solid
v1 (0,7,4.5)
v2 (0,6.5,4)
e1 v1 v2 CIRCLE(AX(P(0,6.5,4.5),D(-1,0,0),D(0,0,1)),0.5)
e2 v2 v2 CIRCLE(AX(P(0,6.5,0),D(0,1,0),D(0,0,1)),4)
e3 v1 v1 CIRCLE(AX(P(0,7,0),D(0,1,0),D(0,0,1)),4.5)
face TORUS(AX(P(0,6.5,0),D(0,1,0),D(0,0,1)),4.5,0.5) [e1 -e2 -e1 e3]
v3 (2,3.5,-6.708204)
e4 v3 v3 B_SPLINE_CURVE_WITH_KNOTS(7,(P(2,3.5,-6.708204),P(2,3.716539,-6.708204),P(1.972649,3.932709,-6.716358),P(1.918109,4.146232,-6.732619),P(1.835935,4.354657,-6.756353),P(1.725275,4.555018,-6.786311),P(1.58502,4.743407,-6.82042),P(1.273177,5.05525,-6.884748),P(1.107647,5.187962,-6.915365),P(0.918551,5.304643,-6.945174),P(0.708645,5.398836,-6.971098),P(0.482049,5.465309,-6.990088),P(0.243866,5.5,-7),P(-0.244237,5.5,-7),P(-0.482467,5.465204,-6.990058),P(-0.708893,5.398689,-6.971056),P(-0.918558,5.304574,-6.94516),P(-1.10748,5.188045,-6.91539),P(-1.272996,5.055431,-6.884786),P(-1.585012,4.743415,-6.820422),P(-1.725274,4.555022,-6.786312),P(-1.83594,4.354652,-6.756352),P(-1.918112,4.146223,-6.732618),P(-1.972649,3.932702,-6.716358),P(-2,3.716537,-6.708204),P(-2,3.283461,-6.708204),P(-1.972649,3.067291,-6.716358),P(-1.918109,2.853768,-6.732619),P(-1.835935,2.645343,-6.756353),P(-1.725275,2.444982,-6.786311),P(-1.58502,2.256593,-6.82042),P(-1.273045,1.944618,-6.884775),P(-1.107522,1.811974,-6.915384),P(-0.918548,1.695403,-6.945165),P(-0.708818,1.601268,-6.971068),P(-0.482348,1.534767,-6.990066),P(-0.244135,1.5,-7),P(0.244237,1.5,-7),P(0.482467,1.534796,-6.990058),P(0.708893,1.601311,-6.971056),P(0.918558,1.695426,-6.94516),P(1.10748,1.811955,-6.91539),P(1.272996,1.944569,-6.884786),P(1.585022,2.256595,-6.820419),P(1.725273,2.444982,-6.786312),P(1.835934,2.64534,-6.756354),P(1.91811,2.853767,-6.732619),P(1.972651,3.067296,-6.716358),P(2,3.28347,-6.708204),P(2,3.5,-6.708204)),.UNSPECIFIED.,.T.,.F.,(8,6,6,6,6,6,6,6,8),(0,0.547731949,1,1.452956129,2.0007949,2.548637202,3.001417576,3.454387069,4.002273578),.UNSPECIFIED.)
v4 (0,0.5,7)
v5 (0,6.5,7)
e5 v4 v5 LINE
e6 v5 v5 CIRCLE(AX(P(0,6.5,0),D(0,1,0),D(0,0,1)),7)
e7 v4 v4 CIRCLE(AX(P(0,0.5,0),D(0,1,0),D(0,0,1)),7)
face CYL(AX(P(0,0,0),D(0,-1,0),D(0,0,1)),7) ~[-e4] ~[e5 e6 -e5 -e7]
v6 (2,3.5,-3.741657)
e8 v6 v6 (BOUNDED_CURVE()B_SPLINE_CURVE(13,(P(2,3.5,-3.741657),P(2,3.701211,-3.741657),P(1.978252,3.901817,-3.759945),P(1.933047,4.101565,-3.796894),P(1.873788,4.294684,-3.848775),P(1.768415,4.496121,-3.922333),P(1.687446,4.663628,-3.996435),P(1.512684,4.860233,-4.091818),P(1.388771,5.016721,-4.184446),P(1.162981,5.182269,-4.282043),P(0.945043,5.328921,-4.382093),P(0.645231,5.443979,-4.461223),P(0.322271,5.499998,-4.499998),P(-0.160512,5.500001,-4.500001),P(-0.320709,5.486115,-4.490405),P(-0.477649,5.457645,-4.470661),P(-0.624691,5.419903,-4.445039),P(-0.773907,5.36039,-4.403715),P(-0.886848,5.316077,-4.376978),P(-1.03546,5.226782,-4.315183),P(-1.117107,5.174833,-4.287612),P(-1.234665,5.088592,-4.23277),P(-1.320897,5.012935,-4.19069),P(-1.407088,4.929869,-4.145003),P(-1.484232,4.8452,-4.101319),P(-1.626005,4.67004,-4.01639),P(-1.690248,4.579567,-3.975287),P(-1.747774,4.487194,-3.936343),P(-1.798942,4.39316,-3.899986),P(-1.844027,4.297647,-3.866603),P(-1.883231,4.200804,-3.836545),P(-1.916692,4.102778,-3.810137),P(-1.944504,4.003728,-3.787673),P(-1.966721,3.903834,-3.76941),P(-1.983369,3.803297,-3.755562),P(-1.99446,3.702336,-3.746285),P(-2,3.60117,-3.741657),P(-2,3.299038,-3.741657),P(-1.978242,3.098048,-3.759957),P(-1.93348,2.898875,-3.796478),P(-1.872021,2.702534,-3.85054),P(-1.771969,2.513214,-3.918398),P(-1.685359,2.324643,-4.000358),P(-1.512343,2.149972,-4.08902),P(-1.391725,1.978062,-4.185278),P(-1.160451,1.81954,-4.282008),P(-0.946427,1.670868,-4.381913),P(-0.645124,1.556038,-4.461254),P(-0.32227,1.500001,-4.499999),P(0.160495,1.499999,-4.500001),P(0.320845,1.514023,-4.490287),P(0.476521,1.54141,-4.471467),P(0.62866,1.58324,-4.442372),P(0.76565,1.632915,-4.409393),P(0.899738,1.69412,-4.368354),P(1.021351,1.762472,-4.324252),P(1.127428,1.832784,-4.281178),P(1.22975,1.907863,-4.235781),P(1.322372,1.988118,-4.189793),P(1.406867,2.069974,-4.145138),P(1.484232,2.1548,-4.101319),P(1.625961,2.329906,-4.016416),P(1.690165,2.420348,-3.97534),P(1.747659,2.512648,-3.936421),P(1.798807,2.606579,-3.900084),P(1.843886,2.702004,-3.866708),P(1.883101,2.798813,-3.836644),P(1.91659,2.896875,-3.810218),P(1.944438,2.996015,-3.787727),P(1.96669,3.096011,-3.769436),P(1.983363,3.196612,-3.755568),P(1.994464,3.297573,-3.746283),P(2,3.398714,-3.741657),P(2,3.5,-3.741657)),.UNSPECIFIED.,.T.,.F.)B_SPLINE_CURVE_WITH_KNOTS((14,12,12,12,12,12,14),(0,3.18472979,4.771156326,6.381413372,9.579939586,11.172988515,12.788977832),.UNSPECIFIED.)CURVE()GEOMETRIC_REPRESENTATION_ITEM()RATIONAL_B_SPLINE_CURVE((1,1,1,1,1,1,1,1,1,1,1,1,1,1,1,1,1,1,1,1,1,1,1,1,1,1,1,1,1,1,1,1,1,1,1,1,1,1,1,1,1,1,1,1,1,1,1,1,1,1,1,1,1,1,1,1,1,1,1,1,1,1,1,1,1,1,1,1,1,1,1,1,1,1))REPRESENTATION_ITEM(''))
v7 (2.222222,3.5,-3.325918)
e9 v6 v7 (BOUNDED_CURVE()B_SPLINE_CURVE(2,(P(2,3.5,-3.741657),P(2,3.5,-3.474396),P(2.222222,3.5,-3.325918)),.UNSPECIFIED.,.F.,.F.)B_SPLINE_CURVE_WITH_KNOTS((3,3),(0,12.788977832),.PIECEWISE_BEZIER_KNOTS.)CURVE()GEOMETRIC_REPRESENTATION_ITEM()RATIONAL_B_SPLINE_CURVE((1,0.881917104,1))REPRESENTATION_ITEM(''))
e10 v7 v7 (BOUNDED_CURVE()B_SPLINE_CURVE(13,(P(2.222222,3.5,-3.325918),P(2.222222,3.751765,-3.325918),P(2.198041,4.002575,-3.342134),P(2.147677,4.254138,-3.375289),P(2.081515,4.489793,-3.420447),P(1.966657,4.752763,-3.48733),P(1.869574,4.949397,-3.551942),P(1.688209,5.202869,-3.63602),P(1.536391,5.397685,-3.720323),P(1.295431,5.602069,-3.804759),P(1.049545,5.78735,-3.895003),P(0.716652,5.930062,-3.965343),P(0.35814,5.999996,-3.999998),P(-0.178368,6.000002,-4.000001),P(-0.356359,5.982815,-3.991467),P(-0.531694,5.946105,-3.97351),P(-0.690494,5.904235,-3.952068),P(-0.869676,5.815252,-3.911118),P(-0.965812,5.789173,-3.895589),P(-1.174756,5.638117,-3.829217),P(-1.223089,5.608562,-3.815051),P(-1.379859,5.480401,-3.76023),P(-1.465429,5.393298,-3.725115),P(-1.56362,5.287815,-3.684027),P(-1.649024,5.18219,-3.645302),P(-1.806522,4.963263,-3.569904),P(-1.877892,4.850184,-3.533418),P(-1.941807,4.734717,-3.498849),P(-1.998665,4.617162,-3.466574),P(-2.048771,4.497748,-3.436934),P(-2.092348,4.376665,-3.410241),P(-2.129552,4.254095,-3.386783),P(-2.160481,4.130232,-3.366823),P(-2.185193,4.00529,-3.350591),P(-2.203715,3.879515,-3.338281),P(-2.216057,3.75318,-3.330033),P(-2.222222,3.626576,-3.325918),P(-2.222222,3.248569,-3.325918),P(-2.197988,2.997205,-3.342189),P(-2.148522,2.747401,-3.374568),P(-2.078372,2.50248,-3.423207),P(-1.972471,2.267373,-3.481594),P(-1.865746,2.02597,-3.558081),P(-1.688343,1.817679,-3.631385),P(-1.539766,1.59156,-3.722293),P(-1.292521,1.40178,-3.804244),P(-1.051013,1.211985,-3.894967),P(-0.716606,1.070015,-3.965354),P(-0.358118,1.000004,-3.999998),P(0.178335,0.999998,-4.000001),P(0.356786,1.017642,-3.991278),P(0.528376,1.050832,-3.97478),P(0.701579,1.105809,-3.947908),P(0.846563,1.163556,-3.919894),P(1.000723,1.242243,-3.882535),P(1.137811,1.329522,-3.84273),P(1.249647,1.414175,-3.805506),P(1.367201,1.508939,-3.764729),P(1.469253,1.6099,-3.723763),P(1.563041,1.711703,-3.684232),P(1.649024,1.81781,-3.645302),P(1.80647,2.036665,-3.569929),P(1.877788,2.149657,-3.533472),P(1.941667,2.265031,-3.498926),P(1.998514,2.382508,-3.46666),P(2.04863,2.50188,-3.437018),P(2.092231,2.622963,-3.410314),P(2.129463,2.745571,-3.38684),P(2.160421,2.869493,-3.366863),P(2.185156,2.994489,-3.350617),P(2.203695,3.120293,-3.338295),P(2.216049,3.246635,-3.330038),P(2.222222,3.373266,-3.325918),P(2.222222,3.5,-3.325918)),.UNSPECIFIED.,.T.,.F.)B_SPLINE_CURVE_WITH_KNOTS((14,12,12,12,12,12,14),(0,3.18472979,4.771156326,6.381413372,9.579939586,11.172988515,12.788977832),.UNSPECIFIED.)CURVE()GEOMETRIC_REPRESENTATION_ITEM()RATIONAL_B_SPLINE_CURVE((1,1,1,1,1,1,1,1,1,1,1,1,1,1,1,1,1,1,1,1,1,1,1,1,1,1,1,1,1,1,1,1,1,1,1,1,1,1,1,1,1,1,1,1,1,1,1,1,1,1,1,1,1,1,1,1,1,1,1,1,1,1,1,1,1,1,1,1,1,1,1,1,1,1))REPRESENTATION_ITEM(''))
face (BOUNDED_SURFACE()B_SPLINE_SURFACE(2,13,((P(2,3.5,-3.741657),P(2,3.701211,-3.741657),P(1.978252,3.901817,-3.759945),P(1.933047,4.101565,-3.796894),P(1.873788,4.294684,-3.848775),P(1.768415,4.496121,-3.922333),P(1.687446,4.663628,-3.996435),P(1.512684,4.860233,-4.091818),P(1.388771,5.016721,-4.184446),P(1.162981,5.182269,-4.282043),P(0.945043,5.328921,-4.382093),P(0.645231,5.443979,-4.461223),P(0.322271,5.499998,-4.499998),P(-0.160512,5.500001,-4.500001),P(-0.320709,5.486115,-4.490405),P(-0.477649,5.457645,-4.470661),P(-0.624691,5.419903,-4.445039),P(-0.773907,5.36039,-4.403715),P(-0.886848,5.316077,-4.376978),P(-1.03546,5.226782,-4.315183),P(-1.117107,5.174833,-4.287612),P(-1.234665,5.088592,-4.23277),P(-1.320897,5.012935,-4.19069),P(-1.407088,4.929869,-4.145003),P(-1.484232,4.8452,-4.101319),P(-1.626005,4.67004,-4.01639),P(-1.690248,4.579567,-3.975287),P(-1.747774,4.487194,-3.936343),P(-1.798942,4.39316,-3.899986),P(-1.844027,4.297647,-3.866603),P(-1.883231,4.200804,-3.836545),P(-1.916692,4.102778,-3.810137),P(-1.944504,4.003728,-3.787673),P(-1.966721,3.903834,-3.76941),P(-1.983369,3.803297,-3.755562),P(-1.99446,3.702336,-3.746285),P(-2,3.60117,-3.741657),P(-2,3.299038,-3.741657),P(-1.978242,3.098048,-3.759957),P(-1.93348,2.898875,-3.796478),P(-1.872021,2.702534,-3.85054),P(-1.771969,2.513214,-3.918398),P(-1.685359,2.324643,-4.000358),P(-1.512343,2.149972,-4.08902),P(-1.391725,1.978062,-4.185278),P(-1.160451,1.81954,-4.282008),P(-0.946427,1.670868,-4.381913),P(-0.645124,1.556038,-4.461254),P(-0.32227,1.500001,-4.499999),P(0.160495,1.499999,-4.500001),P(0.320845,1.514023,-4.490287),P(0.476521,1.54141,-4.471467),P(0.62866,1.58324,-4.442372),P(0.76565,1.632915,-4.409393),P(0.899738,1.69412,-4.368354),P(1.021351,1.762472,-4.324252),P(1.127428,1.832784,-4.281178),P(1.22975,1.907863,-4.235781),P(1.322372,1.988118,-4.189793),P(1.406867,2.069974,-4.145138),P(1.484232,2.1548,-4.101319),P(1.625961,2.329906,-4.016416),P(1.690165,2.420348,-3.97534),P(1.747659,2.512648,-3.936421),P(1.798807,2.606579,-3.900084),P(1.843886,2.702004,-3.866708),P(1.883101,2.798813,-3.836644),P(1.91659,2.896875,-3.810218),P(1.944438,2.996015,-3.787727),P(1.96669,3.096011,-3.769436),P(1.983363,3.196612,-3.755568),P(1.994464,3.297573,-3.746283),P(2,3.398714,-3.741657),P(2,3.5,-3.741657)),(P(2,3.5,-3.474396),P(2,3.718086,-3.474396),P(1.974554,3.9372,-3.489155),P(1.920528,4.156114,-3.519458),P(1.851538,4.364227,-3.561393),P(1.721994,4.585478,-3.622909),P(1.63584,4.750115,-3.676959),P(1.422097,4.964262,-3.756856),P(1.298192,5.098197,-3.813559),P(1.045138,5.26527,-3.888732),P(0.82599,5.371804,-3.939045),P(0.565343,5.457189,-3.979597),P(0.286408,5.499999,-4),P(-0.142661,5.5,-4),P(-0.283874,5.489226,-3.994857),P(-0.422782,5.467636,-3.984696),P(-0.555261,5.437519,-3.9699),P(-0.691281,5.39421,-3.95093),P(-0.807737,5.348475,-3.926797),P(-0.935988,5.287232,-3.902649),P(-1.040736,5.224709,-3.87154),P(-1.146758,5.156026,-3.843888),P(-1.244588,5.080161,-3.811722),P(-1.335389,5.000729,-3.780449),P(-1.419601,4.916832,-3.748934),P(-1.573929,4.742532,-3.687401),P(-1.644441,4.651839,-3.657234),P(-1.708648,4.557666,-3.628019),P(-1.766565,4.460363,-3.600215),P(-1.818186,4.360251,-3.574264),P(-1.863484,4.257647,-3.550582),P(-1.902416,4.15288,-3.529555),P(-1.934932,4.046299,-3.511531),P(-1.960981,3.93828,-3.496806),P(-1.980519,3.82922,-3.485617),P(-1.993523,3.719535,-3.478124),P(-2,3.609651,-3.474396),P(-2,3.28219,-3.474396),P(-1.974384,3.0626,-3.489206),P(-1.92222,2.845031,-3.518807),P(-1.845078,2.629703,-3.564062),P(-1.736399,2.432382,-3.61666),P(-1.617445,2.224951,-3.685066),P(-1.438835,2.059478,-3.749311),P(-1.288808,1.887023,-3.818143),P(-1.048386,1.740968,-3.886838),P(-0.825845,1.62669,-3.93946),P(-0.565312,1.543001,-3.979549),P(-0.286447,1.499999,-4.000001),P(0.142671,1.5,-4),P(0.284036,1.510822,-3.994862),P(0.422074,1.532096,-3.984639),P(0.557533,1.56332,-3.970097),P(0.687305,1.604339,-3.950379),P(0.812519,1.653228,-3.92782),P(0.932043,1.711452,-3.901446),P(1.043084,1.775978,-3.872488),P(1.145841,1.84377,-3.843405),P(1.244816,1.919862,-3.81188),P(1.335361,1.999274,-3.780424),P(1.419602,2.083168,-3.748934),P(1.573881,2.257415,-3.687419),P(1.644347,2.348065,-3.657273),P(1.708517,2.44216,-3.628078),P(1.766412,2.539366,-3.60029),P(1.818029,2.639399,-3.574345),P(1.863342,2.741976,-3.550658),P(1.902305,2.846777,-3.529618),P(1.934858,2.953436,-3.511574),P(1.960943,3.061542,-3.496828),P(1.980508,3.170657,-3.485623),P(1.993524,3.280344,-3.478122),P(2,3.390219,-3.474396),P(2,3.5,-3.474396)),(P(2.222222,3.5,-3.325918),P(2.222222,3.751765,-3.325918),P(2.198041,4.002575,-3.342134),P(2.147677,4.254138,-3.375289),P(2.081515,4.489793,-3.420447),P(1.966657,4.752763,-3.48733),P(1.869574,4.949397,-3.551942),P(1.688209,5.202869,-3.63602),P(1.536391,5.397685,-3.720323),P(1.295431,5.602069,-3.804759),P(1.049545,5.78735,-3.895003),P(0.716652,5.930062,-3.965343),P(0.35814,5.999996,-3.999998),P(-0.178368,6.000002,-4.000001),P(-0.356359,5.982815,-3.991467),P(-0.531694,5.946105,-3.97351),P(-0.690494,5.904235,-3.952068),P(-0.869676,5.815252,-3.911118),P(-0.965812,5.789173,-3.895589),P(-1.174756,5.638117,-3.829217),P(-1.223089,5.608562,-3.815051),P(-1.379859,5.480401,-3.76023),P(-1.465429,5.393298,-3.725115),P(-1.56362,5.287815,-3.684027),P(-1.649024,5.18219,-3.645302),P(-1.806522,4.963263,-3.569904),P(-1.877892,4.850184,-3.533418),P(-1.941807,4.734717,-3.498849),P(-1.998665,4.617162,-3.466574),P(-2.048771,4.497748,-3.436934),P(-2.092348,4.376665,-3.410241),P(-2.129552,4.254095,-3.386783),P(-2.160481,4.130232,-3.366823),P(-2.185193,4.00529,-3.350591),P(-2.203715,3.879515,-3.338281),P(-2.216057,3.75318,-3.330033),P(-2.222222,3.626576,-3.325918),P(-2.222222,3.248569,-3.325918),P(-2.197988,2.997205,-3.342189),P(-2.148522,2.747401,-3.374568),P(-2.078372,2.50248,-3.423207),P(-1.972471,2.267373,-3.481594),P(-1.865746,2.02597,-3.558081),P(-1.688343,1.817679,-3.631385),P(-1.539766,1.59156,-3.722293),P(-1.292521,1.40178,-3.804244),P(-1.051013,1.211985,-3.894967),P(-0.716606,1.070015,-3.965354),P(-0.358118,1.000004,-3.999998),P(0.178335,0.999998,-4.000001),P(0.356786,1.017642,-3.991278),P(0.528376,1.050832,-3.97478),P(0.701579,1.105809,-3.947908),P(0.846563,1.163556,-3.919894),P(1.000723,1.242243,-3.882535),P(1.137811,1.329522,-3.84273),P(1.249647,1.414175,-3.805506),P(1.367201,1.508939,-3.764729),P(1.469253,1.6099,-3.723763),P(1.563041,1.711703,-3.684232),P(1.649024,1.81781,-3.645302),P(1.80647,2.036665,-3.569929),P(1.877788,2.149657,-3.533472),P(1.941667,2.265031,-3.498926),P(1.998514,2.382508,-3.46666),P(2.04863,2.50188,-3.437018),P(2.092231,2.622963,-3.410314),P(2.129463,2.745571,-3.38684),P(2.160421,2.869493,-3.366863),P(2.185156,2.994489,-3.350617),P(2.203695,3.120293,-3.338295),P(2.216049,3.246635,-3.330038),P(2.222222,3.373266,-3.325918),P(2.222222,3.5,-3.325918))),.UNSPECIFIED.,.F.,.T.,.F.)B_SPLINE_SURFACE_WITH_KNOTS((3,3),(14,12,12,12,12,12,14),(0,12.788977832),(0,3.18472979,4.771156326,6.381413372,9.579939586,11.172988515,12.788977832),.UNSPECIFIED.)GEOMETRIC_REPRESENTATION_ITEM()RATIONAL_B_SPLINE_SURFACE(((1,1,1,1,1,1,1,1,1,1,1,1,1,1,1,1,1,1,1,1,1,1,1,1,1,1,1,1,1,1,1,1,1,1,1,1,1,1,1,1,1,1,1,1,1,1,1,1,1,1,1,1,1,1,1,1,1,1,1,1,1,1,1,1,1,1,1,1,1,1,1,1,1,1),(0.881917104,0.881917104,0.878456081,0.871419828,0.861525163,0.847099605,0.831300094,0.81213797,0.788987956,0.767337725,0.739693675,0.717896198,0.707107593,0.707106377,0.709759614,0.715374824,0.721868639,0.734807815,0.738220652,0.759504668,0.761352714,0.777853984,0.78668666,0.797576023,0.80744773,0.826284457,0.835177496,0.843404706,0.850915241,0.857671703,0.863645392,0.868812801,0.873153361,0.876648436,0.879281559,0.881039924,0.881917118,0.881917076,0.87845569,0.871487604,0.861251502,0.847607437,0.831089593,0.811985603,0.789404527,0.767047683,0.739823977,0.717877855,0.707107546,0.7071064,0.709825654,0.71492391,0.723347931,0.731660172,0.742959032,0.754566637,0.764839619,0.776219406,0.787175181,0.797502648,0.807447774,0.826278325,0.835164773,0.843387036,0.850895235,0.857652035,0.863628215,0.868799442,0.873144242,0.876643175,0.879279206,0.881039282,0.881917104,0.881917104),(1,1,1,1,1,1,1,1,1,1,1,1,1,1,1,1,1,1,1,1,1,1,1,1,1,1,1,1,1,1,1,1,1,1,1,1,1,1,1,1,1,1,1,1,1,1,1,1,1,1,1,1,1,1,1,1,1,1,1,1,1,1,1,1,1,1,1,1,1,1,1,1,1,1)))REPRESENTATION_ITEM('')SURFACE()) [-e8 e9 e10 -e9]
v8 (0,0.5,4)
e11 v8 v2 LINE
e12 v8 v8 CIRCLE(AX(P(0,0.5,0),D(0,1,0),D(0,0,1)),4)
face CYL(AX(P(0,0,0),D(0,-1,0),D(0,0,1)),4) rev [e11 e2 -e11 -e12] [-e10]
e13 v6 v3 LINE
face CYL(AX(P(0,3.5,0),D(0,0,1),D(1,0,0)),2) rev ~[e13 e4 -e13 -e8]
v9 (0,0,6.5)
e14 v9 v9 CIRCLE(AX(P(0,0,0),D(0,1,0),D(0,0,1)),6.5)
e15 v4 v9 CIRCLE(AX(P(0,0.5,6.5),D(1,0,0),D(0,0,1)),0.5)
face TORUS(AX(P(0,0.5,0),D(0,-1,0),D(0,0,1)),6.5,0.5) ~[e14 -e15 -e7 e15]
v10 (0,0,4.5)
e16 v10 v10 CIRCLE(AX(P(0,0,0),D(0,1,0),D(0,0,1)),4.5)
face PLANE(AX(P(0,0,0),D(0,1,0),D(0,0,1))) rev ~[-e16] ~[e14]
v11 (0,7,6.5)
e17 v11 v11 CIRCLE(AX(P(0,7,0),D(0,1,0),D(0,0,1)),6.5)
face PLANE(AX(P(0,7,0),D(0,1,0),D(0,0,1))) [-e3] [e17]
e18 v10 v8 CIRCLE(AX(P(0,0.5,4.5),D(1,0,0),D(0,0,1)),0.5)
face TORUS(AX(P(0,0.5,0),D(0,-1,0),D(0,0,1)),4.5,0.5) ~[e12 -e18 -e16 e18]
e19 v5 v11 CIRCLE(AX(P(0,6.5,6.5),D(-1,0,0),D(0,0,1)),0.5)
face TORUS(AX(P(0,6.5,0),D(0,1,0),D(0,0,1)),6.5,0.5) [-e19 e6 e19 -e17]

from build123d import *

# Parameters (mm, degrees)
SKETCH1_R               = 7
SKETCH1_R_2             = 4
BOSS_EXTRUDE1_DEPTH     = 7
CUT_EXTRUDE1_REACH      = 14.124
CUT_EXTRUDE1_END_RADIUS = 7
SKETCH2_R               = 2
FILLET1_R               = 0.5
FILLET2_R               = 0.5


with BuildPart() as part:
    # Sketch1 → Boss-Extrude1 (new body)
    with BuildSketch(Plane(origin=(0, 0, 0), x_dir=(1, 0, 0), z_dir=(0, 1, 0))):
        with Locations(Location((0, 0, 0), (0, 0, 270))):
            Circle(SKETCH1_R)
        with Locations(Location((0, 0, 0), (0, 0, 270))):
            Circle(SKETCH1_R_2, mode=Mode.SUBTRACT)
    extrude(amount=BOSS_EXTRUDE1_DEPTH)

    # Cut-Extrude1: up to this cylinder (the profile starts inside it)
    cut_extrude1_end = Plane(origin=(0, 3.5, 0), z_dir=(0, -1, 0)) * Cylinder(CUT_EXTRUDE1_END_RADIUS, 43.248, mode=Mode.PRIVATE)
    # Sketch2 → Cut-Extrude1 (cut, up to the surface)
    with BuildSketch(Plane.XY, mode=Mode.PRIVATE) as cut_extrude1_sk1:
        with Locations((0, 3.5)):
            Circle(SKETCH2_R)
    cut_extrude1_tool1 = extrude(cut_extrude1_sk1.sketch, amount=-CUT_EXTRUDE1_REACH, mode=Mode.PRIVATE) & cut_extrude1_end
    add(cut_extrude1_tool1.solids().sort_by_distance((0, 3.5, 0))[0], mode=Mode.SUBTRACT)

    # Fillet1
    fillet1_edges = [part.edges().sort_by_distance(p)[0] for p in [
        (0, 0, -7),
        (0, 7, -7),
    ]]
    fillet(fillet1_edges, radius=FILLET1_R)

    # Fillet2
    fillet2_edges = [part.edges().sort_by_distance(p)[0] for p in [
        (-2, 3.5, -3.464101615),
        (0, 0, -4),
        (0, 7, -4),
    ]]
    fillet(fillet2_edges, radius=FILLET2_R)


solid = part.part
